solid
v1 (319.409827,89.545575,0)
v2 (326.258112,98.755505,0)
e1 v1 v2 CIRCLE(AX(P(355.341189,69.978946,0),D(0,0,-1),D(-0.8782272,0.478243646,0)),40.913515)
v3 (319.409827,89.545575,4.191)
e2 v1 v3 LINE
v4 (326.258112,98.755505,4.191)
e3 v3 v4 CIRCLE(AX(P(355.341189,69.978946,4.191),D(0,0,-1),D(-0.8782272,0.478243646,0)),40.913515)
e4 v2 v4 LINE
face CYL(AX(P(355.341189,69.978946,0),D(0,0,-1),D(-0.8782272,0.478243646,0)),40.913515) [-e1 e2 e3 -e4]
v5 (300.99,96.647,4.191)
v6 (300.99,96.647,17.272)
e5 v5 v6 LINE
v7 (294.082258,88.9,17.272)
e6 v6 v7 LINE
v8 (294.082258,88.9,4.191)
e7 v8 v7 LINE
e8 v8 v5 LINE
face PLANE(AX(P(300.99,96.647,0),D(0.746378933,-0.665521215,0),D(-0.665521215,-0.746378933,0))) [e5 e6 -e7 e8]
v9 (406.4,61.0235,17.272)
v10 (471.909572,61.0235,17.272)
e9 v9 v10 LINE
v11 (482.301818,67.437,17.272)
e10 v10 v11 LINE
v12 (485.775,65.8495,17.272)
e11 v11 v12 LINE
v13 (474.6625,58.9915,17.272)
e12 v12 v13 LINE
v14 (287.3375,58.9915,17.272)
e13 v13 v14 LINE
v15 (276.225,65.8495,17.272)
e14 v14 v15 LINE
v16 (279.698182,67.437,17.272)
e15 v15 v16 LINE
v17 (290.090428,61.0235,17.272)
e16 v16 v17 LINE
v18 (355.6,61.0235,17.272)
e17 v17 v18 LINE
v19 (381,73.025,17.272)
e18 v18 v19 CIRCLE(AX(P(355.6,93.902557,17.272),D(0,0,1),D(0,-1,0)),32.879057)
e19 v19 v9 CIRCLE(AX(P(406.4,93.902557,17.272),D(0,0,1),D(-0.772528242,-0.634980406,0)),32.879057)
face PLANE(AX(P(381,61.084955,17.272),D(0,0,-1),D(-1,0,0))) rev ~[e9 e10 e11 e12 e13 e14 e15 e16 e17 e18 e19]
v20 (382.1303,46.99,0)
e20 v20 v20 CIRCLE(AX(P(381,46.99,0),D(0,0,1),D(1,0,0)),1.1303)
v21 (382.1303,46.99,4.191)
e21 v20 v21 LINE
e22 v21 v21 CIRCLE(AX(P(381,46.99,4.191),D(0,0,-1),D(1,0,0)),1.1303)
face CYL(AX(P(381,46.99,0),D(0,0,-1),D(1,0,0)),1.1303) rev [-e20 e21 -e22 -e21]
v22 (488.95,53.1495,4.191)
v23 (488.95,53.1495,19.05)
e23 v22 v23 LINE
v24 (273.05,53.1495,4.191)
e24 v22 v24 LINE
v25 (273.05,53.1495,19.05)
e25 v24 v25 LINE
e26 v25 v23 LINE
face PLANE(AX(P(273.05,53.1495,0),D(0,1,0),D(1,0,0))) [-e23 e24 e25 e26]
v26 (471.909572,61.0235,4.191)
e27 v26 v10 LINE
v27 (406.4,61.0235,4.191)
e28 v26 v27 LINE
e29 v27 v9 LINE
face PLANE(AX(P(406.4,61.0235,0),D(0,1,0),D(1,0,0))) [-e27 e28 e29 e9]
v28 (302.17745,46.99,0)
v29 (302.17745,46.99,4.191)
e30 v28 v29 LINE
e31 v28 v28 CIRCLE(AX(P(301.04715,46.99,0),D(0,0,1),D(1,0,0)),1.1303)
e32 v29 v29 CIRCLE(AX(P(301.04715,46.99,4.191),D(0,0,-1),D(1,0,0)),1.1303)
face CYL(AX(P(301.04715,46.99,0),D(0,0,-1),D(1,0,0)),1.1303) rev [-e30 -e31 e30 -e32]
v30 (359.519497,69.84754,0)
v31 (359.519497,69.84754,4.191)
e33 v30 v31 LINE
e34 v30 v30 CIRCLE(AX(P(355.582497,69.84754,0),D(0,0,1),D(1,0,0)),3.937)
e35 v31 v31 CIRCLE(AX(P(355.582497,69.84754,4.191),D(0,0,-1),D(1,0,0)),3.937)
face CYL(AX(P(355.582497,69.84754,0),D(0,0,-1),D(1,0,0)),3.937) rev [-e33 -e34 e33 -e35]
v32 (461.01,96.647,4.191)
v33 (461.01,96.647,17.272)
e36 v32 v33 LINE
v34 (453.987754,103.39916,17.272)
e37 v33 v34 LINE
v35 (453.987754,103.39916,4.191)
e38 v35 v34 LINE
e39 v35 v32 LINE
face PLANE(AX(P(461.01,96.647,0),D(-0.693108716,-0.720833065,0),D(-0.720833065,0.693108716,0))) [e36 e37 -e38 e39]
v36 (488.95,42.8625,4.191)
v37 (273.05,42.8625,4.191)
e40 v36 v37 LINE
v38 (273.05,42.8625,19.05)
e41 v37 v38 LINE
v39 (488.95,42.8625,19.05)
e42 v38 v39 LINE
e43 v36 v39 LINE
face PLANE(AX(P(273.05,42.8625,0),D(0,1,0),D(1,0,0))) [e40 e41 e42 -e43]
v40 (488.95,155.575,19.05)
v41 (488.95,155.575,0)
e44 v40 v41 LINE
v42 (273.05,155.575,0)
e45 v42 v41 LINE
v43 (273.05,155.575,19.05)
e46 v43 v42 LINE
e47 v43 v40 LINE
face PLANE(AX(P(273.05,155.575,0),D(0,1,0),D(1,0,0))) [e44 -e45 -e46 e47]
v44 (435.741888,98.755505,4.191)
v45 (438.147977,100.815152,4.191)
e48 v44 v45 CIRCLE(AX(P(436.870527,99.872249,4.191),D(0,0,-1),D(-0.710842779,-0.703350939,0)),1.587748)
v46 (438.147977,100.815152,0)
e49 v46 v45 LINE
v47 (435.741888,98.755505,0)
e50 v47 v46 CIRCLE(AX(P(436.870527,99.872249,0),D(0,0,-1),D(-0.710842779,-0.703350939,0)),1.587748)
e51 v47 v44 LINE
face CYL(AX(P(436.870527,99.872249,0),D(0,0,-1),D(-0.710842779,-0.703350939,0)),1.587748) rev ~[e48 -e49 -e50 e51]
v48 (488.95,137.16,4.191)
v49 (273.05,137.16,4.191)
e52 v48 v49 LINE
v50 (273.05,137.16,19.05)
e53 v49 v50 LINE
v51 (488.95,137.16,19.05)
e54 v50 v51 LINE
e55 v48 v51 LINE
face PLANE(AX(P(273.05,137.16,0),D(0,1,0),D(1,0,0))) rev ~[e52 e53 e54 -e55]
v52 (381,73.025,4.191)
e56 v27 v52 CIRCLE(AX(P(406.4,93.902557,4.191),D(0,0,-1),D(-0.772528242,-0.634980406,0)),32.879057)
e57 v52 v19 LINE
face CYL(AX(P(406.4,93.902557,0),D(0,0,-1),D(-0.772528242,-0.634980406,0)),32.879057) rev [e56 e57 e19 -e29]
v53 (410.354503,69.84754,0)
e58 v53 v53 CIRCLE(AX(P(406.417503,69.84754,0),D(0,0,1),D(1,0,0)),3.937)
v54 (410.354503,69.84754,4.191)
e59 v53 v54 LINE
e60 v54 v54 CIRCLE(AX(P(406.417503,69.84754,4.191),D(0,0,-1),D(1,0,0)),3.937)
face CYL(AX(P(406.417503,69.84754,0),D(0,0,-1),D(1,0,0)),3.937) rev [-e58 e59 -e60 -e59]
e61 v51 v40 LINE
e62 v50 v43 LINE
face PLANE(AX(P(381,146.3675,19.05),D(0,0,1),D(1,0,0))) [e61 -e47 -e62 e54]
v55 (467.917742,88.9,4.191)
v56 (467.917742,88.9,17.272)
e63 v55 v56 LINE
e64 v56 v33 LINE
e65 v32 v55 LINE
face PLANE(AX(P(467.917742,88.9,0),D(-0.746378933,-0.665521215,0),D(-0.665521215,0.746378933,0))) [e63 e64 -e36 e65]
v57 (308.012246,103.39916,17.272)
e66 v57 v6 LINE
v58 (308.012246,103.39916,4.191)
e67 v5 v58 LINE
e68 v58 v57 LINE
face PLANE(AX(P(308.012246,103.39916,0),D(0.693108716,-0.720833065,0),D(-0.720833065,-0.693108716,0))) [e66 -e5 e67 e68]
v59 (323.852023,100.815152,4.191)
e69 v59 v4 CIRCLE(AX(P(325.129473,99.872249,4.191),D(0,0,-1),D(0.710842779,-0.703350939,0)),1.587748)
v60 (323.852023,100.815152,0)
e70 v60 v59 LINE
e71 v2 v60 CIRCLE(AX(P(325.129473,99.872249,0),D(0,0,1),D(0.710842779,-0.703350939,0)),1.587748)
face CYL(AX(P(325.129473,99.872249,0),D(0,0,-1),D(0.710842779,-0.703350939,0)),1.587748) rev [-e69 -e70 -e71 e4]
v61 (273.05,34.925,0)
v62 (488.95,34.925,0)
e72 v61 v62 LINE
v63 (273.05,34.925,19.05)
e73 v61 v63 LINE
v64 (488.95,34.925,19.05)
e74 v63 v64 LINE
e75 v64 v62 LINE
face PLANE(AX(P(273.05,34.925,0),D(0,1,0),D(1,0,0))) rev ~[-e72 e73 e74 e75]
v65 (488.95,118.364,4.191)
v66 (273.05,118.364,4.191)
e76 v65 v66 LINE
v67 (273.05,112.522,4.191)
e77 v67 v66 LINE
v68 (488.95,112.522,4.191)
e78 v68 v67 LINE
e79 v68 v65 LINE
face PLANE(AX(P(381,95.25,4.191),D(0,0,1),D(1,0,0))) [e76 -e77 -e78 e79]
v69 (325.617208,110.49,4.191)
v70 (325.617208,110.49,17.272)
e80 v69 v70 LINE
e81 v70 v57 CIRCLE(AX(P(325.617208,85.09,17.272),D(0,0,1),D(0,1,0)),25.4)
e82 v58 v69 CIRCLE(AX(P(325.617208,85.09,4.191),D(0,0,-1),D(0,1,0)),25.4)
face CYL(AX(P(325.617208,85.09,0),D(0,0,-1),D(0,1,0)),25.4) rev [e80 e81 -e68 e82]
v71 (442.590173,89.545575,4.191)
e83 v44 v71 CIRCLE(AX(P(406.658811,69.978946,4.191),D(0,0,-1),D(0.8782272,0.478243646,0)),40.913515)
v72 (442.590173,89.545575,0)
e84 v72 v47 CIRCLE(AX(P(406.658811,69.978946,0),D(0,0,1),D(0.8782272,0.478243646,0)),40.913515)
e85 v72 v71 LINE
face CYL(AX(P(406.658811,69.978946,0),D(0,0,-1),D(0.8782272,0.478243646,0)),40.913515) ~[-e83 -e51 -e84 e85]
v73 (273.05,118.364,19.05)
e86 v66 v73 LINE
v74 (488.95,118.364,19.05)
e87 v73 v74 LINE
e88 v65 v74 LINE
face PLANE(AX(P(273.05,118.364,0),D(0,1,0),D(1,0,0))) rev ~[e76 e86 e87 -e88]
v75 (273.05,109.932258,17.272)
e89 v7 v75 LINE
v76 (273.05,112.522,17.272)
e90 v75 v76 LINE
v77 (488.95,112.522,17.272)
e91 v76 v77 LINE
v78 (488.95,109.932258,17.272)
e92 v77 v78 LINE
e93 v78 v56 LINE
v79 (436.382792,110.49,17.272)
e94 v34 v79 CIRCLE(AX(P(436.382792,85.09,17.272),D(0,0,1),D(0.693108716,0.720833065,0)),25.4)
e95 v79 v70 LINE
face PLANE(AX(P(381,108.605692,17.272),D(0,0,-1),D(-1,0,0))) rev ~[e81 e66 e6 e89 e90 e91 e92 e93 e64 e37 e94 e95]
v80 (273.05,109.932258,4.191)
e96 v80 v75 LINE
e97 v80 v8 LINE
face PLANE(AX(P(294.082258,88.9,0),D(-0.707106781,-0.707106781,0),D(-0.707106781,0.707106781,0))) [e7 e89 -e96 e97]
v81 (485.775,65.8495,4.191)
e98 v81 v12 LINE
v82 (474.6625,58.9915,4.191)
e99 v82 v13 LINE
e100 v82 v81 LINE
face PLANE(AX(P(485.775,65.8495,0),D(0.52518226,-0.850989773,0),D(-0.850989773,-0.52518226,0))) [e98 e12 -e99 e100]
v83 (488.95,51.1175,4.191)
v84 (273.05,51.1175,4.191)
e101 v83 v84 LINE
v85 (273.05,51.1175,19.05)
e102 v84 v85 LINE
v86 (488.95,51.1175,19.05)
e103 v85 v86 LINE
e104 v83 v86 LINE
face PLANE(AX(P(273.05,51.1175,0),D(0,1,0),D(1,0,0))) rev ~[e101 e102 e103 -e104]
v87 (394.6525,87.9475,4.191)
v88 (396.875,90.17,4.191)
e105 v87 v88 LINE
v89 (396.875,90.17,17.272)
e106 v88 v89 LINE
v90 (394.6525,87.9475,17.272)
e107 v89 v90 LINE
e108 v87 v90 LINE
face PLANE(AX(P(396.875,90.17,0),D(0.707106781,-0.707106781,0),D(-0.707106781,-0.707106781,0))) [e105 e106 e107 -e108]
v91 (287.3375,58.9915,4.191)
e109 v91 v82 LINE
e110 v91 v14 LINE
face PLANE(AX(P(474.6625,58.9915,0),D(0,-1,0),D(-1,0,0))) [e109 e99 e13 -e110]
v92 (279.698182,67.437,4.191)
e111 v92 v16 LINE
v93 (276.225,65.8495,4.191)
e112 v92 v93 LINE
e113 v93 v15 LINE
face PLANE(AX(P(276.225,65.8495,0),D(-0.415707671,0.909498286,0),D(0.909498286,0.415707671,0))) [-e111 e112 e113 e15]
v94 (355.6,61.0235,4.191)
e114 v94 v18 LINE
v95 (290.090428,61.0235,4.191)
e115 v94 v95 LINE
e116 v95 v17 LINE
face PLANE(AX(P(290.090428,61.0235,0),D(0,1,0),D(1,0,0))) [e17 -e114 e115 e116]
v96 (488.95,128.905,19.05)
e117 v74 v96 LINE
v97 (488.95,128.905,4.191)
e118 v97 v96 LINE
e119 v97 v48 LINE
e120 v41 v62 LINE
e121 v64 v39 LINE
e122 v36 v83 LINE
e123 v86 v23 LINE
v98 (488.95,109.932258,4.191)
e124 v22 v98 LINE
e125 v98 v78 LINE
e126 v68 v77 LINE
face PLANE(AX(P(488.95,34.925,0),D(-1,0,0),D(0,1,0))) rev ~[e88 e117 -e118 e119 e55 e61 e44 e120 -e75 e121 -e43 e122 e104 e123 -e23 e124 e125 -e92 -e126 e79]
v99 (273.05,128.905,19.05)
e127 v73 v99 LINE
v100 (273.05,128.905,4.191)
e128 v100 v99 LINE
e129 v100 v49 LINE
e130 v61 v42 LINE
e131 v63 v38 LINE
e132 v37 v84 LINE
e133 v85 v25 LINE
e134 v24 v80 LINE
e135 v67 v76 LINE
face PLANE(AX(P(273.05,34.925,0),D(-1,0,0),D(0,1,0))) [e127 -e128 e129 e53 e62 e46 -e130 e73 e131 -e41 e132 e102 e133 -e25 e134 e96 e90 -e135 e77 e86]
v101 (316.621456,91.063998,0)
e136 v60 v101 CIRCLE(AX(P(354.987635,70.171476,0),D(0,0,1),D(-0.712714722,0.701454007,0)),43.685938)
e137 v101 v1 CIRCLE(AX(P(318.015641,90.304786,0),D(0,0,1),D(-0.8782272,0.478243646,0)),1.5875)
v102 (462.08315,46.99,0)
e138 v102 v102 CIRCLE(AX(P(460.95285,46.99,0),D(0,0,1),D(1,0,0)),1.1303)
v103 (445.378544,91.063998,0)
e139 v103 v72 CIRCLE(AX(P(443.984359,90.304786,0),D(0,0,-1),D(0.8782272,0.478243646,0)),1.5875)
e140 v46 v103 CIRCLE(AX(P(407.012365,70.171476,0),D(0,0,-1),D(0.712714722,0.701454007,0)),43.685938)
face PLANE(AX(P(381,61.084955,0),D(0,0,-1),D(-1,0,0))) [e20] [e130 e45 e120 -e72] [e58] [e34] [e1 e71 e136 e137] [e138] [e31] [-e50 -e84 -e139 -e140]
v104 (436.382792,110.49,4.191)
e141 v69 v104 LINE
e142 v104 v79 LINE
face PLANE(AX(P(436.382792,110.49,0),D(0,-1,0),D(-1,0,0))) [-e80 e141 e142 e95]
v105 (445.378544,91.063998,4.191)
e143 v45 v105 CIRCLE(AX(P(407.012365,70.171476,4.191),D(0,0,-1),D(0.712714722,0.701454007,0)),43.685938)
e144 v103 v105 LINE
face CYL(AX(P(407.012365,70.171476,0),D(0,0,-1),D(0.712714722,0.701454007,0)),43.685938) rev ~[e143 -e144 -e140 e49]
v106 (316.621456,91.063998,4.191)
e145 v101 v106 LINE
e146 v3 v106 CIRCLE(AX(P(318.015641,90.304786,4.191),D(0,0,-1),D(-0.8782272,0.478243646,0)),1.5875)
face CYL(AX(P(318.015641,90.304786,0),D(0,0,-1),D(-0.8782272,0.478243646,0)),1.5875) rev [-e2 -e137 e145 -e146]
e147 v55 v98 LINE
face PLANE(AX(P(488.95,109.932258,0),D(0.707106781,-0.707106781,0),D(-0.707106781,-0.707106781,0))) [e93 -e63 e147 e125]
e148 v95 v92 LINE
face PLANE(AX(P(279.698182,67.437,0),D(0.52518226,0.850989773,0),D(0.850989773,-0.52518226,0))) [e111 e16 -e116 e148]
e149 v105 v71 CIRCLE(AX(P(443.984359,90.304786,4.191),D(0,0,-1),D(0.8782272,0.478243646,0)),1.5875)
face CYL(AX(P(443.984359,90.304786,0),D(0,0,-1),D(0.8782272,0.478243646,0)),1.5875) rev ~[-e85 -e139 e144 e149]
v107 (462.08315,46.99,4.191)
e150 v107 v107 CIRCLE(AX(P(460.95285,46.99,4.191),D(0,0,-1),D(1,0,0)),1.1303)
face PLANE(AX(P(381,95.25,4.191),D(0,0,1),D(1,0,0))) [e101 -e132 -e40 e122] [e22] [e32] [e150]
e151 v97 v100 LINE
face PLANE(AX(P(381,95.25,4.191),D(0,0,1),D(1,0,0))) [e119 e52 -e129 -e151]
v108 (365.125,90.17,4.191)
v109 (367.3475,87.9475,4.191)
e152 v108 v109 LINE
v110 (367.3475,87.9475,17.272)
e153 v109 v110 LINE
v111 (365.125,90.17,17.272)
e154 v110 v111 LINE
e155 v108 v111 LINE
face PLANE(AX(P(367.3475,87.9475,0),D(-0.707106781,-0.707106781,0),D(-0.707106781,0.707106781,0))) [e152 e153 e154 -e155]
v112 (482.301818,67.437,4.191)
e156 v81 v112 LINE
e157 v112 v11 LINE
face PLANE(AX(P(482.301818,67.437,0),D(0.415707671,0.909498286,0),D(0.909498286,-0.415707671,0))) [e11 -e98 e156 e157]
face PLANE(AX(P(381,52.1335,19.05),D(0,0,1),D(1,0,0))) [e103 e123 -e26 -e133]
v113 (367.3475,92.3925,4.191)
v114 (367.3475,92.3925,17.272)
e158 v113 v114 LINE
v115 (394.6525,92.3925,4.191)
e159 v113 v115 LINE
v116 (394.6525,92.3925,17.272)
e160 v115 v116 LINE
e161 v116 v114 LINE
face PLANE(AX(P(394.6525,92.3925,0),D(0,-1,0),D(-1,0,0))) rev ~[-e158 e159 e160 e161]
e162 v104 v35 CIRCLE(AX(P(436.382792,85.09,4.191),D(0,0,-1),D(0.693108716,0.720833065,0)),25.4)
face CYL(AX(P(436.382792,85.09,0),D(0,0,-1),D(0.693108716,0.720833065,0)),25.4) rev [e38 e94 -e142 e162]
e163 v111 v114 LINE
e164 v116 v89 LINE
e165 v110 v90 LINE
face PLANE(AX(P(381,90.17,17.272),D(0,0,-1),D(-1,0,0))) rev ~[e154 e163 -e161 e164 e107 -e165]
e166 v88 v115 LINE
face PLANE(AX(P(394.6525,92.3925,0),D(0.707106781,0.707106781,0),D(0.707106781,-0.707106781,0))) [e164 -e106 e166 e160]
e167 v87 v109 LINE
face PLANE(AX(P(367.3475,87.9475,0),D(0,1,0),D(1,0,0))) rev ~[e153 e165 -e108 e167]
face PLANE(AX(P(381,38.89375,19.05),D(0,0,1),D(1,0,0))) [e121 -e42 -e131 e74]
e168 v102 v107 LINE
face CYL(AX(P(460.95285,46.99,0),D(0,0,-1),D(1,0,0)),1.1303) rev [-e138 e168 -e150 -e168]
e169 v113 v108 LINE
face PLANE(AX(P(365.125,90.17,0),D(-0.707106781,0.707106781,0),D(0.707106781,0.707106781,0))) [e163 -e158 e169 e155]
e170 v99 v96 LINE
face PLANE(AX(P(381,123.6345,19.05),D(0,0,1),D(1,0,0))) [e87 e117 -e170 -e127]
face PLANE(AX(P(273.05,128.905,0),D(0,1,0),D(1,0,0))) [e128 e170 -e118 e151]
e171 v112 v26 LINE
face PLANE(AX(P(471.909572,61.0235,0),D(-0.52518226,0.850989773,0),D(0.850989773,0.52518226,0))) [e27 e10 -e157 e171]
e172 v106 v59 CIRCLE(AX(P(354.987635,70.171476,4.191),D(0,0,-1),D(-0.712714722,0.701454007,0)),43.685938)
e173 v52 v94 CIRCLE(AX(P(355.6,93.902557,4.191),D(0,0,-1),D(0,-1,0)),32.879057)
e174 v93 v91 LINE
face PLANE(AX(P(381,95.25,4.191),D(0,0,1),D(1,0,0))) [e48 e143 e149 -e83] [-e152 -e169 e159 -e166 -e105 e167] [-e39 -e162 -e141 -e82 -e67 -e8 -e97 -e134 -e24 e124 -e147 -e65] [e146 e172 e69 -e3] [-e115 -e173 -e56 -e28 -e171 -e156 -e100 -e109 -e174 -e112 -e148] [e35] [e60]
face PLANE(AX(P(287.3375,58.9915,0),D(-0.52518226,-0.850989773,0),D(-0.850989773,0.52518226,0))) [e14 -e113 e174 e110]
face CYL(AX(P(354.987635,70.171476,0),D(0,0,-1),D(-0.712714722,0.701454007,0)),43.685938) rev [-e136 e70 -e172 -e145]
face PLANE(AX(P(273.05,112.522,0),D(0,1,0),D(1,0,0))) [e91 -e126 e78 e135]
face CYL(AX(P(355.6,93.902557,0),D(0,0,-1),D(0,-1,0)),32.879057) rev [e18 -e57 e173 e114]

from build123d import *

# Parameters (mm, degrees)
SKETCH3_W          = 215.9
SKETCH3_H          = 120.65
EXTRUDE1_DEPTH     = 4.191
SKETCH4_W          = 215.9
SKETCH4_H          = 18.415
SKETCH4_H_2        = 10.541
SKETCH4_H_3        = 7.9375
SKETCH4_H_4        = 2.032
EXTRUDE2_DEPTH     = 19.05
EXTRUDE3_DEPTH     = 17.272
SKETCH8_R          = 3.937
SKETCH8_R_2        = 1.1303
CUT_EXTRUDE1_DEPTH = 19.05


with BuildPart() as part:
    # Sketch3 → Extrude1 (new body)
    with BuildSketch(Plane.XY):
        with Locations((381, 95.25)):
            Rectangle(SKETCH3_W, SKETCH3_H)
    extrude(amount=EXTRUDE1_DEPTH)

    # Sketch4 → Extrude2 (add)
    with BuildSketch(Plane.XY):
        with Locations((381, 146.3675)):
            Rectangle(SKETCH4_W, SKETCH4_H)
        with Locations((381, 123.6345)):
            Rectangle(SKETCH4_W, SKETCH4_H_2)
        with Locations((381, 38.89375)):
            Rectangle(SKETCH4_W, SKETCH4_H_3)
        with Locations((381, 52.1335)):
            Rectangle(SKETCH4_W, SKETCH4_H_4)
    extrude(amount=EXTRUDE2_DEPTH)

    # Sketch5 → Extrude3 (add)
    with BuildSketch(Plane.XY):
        with BuildLine():
            Line((381, 58.9915), (287.3375, 58.9915))
            Line((287.3375, 58.9915), (276.225, 65.8495))
            Line((276.225, 65.8495), (279.698182312, 67.437))
            Line((279.698182312, 67.437), (290.090427682, 61.0235))
            Line((290.090427682, 61.0235), (355.6, 61.0235))
            ThreePointArc((355.6, 61.0235), (369.646316263, 64.174903412), (381.000000001, 73.025))
            ThreePointArc((381.000000001, 73.025), (392.353683737, 64.174903412), (406.4, 61.0235))
            Line((406.4, 61.0235), (471.909572318, 61.0235))
            Line((471.909572318, 61.0235), (482.301817688, 67.437))
            Line((482.301817688, 67.437), (485.775, 65.8495))
            Line((485.775, 65.8495), (474.6625, 58.9915))
            Line((474.6625, 58.9915), (381, 58.9915))
        make_face()
        Polygon((381, 87.9475), (367.3475, 87.9475), (365.125, 90.17), (367.3475, 92.3925), (381, 92.3925), (394.6525, 92.3925), (396.875, 90.17), (394.6525, 87.9475), align=None)
        with BuildLine():
            Line((436.382792366, 110.49), (325.617207634, 110.49))
            ThreePointArc((325.617207634, 110.49), (316.127546422, 108.650694601), (308.012246242, 103.399159848))
            Line((308.012246242, 103.399159848), (300.99, 96.647))
            Line((300.99, 96.647), (294.082258334, 88.9))
            Line((294.082258334, 88.9), (273.05, 109.932258334))
            Line((273.05, 109.932258334), (273.05, 112.522))
            Line((273.05, 112.522), (488.95, 112.522))
            Line((488.95, 112.522), (488.95, 109.932258334))
            Line((488.95, 109.932258334), (467.917741666, 88.9))
            Line((467.917741666, 88.9), (461.01, 96.647))
            Line((461.01, 96.647), (453.987753758, 103.399159848))
            ThreePointArc((453.987753758, 103.399159848), (445.872453578, 108.650694601), (436.382792366, 110.49))
        make_face()
    extrude(amount=EXTRUDE3_DEPTH)

    # Sketch8 → Cut-Extrude1 (cut)
    with BuildSketch(Plane.XY):
        with Locations((355.582497028, 69.847540117)):
            Circle(SKETCH8_R)
        with Locations((406.417502972, 69.847540117)):
            Circle(SKETCH8_R)
        with Locations((381, 46.99)):
            Circle(SKETCH8_R_2)
        with Locations((460.95285, 46.99)):
            Circle(SKETCH8_R_2)
        with Locations((301.04715, 46.99)):
            Circle(SKETCH8_R_2)
        with BuildLine():
            ThreePointArc((319.409826978, 89.545574531), (322.509420435, 94.391866743), (326.25811196, 98.755505093))
            ThreePointArc((326.25811196, 98.755505093), (326.161980776, 101.078429217), (323.852023449, 100.815152101))
            ThreePointArc((323.852023449, 100.815152101), (319.896382713, 96.191952728), (316.621455618, 91.063998107))
            ThreePointArc((316.621455618, 91.063998107), (317.25642951, 88.910600639), (319.409826978, 89.545574531))
        make_face()
        with BuildLine():
            ThreePointArc((438.147976551, 100.815152101), (442.103617287, 96.191952728), (445.378544382, 91.063998107))
            ThreePointArc((445.378544382, 91.063998107), (444.74357049, 88.910600639), (442.590173022, 89.545574531))
            ThreePointArc((442.590173022, 89.545574531), (439.490579565, 94.391866743), (435.74188804, 98.755505093))
            ThreePointArc((435.74188804, 98.755505093), (435.838019224, 101.078429217), (438.147976551, 100.815152101))
        make_face()
    extrude(amount=CUT_EXTRUDE1_DEPTH, mode=Mode.SUBTRACT)


solid = part.part
